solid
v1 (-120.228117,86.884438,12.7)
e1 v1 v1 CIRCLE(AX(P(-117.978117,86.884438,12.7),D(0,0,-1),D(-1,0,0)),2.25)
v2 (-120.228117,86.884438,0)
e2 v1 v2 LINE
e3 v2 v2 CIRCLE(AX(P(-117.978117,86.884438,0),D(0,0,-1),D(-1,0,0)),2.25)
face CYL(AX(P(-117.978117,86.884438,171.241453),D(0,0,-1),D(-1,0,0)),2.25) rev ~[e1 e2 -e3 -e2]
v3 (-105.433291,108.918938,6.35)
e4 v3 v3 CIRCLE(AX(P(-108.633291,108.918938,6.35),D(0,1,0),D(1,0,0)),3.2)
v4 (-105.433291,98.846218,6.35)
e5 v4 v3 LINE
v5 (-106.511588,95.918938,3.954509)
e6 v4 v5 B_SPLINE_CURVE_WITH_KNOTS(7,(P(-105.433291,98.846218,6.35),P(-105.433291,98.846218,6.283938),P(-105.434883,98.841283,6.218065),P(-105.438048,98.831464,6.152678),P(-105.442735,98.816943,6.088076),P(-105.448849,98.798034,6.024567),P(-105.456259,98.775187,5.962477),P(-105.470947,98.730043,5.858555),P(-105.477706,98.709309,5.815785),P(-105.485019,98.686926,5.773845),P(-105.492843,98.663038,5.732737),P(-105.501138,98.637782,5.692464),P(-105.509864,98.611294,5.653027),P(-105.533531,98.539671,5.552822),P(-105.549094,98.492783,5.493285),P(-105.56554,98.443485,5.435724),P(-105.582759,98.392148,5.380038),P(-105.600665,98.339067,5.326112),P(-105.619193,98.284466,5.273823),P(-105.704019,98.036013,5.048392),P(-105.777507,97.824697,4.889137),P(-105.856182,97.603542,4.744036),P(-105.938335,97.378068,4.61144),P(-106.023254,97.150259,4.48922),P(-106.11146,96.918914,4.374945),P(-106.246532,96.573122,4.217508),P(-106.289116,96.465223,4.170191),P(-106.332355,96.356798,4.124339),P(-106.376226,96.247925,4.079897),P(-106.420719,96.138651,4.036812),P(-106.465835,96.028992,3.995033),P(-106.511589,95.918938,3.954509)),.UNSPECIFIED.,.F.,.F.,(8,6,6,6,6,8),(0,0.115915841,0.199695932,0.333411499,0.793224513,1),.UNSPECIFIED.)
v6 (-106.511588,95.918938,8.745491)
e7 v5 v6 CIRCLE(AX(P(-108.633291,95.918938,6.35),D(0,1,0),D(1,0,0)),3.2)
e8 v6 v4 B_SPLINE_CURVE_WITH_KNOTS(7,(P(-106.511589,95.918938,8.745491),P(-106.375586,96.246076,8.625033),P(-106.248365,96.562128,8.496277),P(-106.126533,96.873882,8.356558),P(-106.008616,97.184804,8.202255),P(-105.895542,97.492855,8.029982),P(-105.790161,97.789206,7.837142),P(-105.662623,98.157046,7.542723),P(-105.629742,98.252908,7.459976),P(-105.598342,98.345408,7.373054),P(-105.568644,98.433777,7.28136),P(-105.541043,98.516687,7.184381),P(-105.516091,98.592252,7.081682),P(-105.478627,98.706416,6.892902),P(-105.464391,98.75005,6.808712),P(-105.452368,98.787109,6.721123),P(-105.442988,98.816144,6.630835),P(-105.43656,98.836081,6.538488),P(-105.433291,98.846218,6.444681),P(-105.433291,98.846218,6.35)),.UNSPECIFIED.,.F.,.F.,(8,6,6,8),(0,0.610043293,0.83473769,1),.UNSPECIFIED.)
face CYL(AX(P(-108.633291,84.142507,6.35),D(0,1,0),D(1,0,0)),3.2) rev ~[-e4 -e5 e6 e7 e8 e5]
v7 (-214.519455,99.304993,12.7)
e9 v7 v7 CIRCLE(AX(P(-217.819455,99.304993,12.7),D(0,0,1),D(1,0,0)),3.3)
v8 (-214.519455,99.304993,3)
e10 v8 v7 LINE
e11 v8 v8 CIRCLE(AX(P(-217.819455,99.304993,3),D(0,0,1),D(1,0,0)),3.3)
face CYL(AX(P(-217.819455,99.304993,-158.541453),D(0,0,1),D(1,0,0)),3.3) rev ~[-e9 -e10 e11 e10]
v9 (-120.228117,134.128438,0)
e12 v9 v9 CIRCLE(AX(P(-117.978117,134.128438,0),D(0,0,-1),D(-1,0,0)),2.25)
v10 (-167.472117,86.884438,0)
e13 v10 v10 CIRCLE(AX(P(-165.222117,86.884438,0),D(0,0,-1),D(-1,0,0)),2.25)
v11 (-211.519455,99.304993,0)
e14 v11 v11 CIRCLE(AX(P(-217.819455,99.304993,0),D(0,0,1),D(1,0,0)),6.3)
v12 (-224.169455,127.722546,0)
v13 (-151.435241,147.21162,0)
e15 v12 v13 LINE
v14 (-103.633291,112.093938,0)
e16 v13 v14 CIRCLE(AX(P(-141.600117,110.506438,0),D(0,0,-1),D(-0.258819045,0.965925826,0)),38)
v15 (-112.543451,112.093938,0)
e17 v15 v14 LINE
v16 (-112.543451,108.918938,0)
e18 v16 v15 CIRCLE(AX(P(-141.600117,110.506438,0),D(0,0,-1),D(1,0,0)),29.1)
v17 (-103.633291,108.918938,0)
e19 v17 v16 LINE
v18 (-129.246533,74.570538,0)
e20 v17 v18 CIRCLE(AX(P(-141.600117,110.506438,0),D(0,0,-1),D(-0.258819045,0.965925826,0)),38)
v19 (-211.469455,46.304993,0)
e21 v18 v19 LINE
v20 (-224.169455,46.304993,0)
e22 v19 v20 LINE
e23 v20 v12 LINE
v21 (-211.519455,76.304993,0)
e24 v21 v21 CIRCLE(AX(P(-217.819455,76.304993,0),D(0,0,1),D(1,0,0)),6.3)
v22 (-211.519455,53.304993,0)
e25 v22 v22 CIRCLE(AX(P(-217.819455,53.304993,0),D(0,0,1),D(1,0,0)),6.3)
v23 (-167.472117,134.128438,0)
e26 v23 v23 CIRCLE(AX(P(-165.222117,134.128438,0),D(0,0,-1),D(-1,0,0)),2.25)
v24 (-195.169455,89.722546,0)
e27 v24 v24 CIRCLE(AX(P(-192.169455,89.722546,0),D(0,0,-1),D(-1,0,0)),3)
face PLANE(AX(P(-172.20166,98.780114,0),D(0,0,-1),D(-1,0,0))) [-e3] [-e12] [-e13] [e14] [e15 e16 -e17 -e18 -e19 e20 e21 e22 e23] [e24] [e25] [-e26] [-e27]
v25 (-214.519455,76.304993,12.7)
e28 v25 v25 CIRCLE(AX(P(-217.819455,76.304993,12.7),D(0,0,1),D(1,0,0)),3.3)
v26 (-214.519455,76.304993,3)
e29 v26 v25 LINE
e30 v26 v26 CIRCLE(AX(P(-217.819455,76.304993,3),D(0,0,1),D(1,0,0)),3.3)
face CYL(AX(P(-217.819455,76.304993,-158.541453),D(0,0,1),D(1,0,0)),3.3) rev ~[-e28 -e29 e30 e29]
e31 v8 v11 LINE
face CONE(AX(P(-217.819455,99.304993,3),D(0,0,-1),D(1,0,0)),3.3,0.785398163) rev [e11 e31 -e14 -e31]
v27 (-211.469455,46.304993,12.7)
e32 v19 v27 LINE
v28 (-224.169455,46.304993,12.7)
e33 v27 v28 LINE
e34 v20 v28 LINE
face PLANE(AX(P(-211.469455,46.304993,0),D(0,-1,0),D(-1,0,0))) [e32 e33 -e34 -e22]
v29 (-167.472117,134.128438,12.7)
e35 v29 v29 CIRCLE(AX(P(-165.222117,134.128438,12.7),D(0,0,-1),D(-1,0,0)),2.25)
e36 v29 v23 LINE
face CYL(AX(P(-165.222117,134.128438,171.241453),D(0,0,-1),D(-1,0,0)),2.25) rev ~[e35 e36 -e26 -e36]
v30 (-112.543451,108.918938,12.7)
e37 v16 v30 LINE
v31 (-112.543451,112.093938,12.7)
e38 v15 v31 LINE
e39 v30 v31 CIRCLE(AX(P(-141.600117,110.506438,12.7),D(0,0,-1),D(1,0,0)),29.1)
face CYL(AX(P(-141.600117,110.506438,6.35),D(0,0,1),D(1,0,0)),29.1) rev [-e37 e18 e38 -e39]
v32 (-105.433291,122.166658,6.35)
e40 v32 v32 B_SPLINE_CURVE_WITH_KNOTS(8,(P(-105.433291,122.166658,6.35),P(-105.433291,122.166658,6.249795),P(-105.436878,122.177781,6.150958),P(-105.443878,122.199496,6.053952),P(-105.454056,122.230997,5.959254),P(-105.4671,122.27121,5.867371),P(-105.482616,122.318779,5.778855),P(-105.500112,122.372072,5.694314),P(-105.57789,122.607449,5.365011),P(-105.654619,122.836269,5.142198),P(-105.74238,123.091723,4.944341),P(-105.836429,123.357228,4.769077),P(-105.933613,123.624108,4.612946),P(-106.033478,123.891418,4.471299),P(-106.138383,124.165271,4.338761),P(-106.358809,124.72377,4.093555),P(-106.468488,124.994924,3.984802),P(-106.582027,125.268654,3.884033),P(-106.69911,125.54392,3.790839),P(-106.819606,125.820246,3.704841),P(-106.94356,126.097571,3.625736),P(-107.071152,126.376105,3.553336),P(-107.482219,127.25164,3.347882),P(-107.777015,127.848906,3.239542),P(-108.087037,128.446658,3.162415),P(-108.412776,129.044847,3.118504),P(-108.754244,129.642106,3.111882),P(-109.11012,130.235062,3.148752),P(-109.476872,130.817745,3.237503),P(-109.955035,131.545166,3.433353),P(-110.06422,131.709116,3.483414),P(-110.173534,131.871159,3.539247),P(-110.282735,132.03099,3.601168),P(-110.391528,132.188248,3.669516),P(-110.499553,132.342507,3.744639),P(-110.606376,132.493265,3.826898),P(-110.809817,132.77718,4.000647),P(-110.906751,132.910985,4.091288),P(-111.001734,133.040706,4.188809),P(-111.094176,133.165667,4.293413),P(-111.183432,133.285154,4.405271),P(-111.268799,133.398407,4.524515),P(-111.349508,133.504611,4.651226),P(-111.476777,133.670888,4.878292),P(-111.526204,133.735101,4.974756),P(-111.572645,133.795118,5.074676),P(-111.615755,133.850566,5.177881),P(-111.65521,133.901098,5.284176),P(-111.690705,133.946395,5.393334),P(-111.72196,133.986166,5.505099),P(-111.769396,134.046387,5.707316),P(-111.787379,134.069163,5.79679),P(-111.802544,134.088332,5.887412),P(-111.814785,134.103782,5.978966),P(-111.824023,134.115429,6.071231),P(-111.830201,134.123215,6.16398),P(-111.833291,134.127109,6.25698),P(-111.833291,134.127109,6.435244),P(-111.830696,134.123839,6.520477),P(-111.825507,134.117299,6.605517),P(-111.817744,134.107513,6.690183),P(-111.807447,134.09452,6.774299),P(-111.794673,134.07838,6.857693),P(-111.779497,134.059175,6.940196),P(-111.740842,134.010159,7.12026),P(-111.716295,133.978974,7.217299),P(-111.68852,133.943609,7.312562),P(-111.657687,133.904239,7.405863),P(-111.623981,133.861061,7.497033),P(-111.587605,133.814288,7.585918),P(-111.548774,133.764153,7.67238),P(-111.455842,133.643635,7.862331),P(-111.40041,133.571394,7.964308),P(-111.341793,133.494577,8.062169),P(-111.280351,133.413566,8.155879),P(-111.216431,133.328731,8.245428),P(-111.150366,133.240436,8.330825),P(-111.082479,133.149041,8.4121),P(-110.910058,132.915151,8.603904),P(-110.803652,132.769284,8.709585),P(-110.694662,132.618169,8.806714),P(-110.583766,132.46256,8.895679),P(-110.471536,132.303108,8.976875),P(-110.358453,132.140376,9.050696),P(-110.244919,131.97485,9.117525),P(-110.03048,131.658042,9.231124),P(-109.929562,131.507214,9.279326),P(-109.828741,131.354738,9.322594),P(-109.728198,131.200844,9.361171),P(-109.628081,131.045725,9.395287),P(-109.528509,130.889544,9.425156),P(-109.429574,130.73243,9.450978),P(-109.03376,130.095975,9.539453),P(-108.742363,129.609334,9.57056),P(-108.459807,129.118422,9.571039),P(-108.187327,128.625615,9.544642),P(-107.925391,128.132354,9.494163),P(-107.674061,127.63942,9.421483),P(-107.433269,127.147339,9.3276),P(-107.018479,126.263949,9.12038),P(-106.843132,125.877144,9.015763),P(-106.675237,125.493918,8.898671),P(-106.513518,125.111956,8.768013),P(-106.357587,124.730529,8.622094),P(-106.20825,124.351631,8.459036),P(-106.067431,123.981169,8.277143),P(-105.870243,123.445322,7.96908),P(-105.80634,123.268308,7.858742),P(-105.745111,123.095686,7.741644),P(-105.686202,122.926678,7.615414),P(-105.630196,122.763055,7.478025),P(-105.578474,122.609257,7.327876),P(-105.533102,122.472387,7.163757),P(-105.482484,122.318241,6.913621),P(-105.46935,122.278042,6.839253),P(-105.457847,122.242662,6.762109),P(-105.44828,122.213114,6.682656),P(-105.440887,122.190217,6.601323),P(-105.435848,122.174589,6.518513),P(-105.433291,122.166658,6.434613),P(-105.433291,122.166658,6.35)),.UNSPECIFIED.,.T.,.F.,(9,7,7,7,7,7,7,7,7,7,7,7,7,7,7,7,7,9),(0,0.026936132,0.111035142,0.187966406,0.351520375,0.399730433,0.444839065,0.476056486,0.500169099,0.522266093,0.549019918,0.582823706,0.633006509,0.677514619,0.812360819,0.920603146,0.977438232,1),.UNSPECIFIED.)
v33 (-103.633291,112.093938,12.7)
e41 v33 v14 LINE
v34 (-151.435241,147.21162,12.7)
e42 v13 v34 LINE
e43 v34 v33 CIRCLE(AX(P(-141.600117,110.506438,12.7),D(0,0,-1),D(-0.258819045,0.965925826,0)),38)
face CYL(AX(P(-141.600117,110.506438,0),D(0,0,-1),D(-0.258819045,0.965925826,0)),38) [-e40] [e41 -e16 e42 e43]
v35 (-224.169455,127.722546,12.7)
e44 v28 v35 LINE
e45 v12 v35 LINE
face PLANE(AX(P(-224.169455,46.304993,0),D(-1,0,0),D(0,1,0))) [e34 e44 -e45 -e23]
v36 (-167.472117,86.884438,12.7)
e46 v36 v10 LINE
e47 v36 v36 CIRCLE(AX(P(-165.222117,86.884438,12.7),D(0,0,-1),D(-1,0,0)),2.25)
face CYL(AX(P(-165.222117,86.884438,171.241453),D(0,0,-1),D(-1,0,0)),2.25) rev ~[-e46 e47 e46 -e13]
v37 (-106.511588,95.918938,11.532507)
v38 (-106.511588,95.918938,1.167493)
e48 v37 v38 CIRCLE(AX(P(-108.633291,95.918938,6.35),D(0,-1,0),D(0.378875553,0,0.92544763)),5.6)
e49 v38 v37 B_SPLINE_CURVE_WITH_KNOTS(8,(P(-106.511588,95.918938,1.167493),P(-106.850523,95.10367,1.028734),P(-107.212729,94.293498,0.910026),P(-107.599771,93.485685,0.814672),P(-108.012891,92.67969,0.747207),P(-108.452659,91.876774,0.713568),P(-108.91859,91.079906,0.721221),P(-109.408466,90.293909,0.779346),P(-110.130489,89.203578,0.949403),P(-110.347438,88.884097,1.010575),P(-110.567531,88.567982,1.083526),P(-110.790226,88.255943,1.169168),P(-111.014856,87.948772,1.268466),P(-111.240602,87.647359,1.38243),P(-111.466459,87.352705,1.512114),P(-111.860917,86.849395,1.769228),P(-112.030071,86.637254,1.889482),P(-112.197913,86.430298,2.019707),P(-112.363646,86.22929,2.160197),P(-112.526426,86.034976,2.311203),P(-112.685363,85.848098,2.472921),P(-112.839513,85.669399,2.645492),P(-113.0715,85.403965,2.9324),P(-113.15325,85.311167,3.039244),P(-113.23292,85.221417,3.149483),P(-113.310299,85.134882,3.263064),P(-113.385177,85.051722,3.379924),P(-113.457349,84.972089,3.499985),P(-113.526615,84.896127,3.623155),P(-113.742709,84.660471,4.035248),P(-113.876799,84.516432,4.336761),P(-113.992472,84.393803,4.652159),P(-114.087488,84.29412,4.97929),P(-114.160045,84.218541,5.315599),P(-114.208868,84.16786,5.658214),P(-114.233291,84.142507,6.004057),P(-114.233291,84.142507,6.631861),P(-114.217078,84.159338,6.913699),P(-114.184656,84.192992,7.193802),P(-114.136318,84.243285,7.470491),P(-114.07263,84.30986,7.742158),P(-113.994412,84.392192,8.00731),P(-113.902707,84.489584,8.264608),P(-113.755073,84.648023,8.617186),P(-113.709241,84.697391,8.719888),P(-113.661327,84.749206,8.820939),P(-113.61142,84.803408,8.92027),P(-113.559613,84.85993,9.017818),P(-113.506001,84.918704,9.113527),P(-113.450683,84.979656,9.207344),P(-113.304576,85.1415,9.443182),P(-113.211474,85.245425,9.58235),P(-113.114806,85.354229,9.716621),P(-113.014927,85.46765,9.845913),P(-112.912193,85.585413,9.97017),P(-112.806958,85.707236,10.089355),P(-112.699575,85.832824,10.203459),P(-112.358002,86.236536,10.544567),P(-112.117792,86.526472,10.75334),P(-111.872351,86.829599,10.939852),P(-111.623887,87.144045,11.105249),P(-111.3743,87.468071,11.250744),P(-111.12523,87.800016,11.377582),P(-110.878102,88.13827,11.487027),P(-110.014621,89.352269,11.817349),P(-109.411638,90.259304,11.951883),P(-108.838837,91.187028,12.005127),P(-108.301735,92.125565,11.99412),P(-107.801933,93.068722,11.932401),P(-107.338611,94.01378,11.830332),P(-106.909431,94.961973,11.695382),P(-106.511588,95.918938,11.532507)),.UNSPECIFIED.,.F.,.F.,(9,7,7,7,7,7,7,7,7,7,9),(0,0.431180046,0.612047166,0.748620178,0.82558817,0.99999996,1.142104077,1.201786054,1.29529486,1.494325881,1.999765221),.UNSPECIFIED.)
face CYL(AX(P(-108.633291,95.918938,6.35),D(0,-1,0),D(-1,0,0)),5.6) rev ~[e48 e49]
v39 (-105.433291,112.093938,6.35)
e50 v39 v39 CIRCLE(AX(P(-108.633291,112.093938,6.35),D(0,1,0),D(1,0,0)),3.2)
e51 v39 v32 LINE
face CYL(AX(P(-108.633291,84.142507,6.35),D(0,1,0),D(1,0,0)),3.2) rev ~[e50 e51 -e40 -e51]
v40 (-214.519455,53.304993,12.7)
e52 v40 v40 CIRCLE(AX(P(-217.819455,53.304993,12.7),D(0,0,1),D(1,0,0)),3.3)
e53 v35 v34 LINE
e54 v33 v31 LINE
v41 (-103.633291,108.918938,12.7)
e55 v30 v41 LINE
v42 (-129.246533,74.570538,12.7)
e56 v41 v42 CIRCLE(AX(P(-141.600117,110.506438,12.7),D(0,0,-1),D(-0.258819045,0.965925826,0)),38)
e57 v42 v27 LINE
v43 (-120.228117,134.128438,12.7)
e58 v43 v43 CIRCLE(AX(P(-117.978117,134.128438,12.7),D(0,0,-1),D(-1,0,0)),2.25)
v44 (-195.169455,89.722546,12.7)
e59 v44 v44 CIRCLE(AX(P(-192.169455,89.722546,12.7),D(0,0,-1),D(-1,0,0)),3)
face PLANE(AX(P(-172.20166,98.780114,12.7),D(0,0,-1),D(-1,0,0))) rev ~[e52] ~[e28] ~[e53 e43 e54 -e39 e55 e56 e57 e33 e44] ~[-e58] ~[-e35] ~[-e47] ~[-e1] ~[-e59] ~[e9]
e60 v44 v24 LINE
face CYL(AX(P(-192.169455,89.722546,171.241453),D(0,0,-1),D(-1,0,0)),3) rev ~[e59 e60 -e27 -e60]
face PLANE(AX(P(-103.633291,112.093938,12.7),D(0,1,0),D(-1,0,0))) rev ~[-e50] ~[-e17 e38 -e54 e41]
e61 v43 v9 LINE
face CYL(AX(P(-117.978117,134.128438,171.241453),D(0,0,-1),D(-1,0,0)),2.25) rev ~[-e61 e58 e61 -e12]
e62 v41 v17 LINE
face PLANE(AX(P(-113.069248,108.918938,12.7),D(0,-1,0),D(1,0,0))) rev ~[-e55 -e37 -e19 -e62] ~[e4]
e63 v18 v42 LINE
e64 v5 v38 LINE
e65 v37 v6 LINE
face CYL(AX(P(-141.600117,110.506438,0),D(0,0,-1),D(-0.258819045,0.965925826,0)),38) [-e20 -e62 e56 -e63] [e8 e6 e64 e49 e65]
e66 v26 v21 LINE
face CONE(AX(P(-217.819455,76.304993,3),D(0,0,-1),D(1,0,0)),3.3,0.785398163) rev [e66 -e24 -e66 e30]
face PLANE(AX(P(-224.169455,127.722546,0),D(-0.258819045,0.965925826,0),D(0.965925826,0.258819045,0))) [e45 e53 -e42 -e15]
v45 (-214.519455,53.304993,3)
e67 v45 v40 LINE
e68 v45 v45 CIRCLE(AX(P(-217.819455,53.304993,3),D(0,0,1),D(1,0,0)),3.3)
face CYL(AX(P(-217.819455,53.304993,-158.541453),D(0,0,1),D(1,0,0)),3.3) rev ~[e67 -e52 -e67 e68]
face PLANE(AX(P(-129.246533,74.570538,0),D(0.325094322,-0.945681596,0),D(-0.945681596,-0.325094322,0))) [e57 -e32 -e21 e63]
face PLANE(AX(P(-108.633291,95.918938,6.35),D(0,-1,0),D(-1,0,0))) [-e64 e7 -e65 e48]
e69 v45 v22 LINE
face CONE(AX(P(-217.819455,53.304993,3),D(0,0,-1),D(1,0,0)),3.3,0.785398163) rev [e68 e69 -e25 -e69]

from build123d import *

# Parameters (mm, degrees)
BOSS_EXTRUDE1_DEPTH     = 12.7
CUT_EXTRUDE1_DEPTH      = 270.19769127
SKETCH3_W               = 29.1
SKETCH3_H               = 12.7
F_12_CLEARANCE_HOLE1_D  = 6
F_8_CLEARANCE_HOLE1_D   = 4.5
F_1_4_CLEARANCE_HOLE1_D = 6.6
SKETCH10_W              = 2.5
SKETCH10_H              = 36.4125
HOLE1_D                 = 6.4
HOLE1_DEPTH             = 64.36393101
HOLE1_CBORE_D           = 11.2
HOLE1_CBORE_DEPTH       = 11.77643101
CHAMFER1_SIZE           = 3


with BuildPart() as part:
    # Sketch1 → Boss-Extrude1 (new body)
    with BuildSketch(Plane(origin=(0, 0, 0), x_dir=(-1, 0, 0), z_dir=(0, 0, -1))):
        with BuildLine():
            Line((129.246532787, 74.570537656), (211.469455465, 46.304993078))
            Line((211.469455465, 46.304993078), (224.169455465, 46.304993078))
            Line((224.169455465, 46.304993078), (224.169455465, 127.72254562))
            Line((224.169455465, 127.72254562), (151.435240745, 147.211619716))
            ThreePointArc((151.435240745, 147.211619716), (105.257753851, 121.607458019), (129.246532787, 74.570537656))
        make_face()
    extrude(amount=-BOSS_EXTRUDE1_DEPTH)

    # Sketch2 → Cut-Extrude1 (cut, through all)
    with BuildSketch(Plane.XY.offset(12.7)):
        with BuildLine():
            Line((-103.633291463, 112.093938317), (-113.069248332, 112.093938317))
            ThreePointArc((-113.069248332, 112.093938317), (-113.025117032, 110.506438317), (-113.069248332, 108.918938317))
            Line((-113.069248332, 108.918938317), (-103.633291463, 108.918938317))
            ThreePointArc((-103.633291463, 108.918938317), (-103.600117032, 110.506438317), (-103.633291463, 112.093938317))
        make_face()
    extrude(amount=-CUT_EXTRUDE1_DEPTH, mode=Mode.SUBTRACT)

    # Sketch3 → Cut-Revolve1 (revolve, cut)
    with BuildSketch(Plane.XZ.offset(-110.506438317)):
        with Locations((-127.050117032, 6.35)):
            Rectangle(SKETCH3_W, SKETCH3_H)
    revolve(axis=Axis((-141.600117032, 110.506438317, 12.7), (0, 0, -1)), mode=Mode.SUBTRACT)

    # #12 Clearance Hole1 (through all)
    with Locations(Plane.XY.offset(12.7)):
        with Locations((-192.169455465, 89.72254562)):
            Hole(F_12_CLEARANCE_HOLE1_D / 2)

    # #8 Clearance Hole1 (through all)
    with Locations(Plane.XY.offset(12.7)):
        with Locations((-117.978117032, 86.884438317), (-165.222117032, 86.884438317), (-165.222117032, 134.128438317), (-117.978117032, 134.128438317)):
            Hole(F_8_CLEARANCE_HOLE1_D / 2)

    # 1/4 Clearance Hole1 (through all)
    with Locations(Plane(origin=(0, 0, 0), x_dir=(-1, 0, 0), z_dir=(0, 0, -1))):
        with Locations((217.819455465, 53.304993078), (217.819455465, 76.304993078), (217.819455465, 99.304993078)):
            Hole(F_1_4_CLEARANCE_HOLE1_D / 2)

    # Sketch10 → #10 Clearance Hole1 (revolve, cut)
    with BuildSketch(Plane(origin=(-108.633291463, 112.093938317, 6.35), x_dir=(0, 0, -1), z_dir=(1, 0, 0))):
        with Locations((1.25, 18.20625)):
            Rectangle(SKETCH10_W, SKETCH10_H)
    revolve(axis=Axis((-108.633291463, 105.743938317, 6.35), (0, 1, 0)), mode=Mode.SUBTRACT)

    # Hole1
    with Locations(Plane(origin=(0, 84.142507307, 0), x_dir=(-1, 0, 0), z_dir=(0, -1, 0))):
        with Locations((108.633291463, -6.35)):
            CounterBoreHole(HOLE1_D / 2, HOLE1_CBORE_D / 2, HOLE1_CBORE_DEPTH, depth=HOLE1_DEPTH)

    # Chamfer1
    chamfer1_edges = [part.edges().sort_by_distance(p)[0] for p in [
        (-221.119455465, 99.304993078, 0),
        (-221.119455465, 76.304993078, 0),
        (-221.119455465, 53.304993078, 0),
    ]]
    chamfer(chamfer1_edges, length=CHAMFER1_SIZE)


solid = part.part
